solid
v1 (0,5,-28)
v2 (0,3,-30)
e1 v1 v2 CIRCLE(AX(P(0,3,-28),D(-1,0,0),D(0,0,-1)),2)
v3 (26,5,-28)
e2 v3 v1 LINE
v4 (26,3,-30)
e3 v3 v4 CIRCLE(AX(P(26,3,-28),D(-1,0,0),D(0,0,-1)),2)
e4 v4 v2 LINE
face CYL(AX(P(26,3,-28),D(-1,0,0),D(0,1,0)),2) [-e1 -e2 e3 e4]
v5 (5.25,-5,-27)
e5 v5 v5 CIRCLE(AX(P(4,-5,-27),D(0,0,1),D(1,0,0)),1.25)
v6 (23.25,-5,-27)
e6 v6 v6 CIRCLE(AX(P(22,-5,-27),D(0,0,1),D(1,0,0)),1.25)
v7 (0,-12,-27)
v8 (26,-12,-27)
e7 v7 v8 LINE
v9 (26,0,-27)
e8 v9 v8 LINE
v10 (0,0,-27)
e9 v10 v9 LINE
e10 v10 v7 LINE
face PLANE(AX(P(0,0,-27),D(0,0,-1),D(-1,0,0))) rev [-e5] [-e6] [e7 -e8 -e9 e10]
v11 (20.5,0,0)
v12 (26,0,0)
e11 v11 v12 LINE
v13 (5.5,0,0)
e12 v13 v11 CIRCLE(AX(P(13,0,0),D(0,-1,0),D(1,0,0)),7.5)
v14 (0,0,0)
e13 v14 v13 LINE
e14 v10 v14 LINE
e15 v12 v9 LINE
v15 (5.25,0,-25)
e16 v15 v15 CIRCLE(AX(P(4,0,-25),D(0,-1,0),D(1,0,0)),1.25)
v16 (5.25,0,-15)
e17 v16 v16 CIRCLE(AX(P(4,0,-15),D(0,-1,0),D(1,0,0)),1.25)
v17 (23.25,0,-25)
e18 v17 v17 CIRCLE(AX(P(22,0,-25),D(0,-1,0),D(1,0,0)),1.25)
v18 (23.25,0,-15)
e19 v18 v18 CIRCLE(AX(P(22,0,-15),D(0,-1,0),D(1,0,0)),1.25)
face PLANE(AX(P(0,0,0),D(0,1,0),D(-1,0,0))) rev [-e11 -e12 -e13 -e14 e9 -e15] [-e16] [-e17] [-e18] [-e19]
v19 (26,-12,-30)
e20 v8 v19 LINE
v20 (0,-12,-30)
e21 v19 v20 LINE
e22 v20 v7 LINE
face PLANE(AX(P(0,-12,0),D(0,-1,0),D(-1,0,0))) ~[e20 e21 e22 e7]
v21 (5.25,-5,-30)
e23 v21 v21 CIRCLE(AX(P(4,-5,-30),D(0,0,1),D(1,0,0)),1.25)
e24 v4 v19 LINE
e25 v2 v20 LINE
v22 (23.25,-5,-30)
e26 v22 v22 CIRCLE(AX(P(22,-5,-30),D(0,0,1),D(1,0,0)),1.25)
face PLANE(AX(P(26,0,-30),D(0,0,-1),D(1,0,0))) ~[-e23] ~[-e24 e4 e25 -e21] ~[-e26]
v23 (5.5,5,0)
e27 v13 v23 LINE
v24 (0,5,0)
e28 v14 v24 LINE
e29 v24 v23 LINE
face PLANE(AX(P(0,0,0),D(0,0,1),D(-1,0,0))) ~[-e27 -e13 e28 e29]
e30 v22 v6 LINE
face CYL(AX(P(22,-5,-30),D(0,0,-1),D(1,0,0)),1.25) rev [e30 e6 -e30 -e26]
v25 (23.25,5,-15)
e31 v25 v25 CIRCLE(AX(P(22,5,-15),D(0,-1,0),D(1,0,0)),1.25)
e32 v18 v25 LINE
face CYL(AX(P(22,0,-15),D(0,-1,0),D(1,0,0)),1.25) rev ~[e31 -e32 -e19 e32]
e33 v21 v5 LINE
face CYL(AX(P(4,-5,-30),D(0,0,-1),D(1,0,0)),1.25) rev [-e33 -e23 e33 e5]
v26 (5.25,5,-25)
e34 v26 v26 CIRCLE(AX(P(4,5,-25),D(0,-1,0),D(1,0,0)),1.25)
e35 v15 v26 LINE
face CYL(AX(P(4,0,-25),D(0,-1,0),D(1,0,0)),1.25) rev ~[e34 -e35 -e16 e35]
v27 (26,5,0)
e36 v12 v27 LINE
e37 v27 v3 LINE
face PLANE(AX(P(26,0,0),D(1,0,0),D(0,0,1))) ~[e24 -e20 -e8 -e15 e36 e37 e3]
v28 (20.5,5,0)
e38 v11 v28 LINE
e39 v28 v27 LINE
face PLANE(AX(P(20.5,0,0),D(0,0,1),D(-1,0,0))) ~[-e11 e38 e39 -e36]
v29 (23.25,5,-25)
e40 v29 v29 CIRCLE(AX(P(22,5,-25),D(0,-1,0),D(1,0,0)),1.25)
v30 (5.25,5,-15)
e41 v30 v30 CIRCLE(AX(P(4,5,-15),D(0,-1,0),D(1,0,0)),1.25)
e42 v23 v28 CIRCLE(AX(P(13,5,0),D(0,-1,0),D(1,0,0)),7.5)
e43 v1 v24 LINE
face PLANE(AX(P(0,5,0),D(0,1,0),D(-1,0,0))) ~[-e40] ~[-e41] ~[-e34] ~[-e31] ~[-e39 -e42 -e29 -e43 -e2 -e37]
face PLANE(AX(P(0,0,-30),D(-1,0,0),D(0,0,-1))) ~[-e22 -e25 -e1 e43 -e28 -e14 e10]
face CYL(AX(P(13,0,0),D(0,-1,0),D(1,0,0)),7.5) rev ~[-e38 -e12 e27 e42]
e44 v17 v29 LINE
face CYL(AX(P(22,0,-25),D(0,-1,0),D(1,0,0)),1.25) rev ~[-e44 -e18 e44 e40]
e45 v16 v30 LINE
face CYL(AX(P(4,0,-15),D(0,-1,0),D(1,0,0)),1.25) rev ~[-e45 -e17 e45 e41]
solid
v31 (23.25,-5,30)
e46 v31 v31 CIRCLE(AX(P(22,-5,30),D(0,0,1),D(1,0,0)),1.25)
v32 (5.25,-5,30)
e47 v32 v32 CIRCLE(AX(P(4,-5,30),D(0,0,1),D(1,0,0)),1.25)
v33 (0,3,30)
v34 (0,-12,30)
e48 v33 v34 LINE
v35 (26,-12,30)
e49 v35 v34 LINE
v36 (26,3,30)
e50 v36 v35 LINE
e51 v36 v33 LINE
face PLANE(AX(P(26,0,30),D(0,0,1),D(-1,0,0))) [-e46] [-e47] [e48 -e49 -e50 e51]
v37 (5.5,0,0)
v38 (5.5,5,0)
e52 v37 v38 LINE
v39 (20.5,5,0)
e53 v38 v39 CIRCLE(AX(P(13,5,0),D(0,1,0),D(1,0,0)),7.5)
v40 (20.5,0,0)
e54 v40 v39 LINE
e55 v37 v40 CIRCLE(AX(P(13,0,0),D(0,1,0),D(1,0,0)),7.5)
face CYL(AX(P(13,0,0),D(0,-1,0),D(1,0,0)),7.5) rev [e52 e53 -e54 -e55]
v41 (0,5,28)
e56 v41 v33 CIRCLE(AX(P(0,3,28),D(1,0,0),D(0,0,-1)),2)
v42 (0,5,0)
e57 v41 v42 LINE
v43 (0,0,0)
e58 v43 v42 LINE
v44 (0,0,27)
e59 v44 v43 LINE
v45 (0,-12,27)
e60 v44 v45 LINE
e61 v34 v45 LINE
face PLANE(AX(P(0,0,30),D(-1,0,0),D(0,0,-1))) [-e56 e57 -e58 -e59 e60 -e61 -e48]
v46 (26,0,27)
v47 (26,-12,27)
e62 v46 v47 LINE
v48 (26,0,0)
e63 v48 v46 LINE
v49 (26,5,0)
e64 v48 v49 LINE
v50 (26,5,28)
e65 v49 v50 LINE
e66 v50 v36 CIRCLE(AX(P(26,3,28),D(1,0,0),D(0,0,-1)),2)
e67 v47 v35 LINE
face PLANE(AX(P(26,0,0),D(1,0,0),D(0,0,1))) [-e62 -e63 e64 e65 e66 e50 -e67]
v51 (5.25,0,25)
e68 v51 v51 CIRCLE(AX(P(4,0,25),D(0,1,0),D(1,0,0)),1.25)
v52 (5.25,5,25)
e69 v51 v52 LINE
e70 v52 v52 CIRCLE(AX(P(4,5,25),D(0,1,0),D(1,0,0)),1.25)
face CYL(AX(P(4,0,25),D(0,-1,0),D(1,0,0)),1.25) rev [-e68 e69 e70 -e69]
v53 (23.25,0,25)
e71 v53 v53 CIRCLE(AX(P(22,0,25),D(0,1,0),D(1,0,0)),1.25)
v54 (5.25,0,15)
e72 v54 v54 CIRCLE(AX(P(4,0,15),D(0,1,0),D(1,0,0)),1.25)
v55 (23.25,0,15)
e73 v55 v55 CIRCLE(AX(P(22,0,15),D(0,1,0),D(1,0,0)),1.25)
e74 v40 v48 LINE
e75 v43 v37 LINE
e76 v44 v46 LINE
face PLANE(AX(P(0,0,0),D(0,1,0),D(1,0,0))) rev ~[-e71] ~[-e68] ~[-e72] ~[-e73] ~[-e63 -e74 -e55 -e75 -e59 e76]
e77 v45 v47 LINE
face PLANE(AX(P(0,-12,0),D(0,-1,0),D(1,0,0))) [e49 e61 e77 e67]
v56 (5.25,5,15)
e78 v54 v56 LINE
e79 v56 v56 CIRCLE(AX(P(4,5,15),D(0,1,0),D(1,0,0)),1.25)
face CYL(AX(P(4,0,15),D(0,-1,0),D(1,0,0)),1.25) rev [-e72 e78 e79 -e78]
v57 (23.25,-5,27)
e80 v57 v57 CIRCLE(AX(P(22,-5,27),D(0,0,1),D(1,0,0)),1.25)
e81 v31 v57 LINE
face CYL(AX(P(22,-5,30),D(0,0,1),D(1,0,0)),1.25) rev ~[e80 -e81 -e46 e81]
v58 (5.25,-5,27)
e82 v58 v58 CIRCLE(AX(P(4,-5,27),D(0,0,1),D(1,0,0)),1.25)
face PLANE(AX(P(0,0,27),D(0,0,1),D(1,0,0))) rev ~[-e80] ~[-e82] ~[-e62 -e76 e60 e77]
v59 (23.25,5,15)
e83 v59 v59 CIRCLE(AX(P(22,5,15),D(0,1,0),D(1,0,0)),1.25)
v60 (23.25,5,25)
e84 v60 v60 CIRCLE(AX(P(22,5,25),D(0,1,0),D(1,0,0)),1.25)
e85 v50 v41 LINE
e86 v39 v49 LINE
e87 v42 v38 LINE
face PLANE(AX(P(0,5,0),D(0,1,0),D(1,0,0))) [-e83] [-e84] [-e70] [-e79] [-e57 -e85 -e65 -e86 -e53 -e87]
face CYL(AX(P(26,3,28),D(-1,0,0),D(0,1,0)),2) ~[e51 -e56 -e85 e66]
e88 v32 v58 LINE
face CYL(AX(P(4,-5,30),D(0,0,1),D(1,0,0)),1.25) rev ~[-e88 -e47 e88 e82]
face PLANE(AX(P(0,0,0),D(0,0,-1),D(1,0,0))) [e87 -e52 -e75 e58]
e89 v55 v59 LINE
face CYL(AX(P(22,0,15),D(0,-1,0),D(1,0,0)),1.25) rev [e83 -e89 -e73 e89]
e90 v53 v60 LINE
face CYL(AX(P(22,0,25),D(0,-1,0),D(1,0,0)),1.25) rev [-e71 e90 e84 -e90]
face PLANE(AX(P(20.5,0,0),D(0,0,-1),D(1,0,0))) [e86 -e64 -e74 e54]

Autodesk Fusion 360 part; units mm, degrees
sketch "Sketch1" plane through (0, 0, 0) normal (0, 1, 0) x (1, 0, 0)
  line L0 (0, 0) -> (26, 0)
  line L1 (26, 0) -> (26, -30)
  line L2 (26, -30) -> (0, -30)
  line L3 (0, -30) -> (0, 0)
  circle A0 centre (13, 0) radius 7.5
  circle A1 centre (22, -15) radius 1.25
  circle A2 centre (22, -25) radius 1.25
  circle A3 centre (4, -15) radius 1.25
  circle A4 centre (4, -25) radius 1.25
  dimension "d16" = 26
  dimension "d17" = 30
  dimension "d18" = 15
  dimension "d19" = 2.5
  dimension "d20" = 2.5
  dimension "d21" = 2.5
  dimension "d22" = 2.5
  dimension "d23" = 5
  dimension "d24" = 10
  dimension "d25" = 5
  dimension "d26" = 10
  dimension "d27" = 4
  dimension "d28" = 4
  dimension "d29" = 4
  dimension "d30" = 4
extrude "Extrude1" add sketch "Sketch1" along normal blind 5 contours L0 L1 L2 L3 A0 makes body 1
sketch "Sketch2" plane through (0, 0, 0) normal (0, -1, 0) x (1, 0, 0)
  circle A0 centre (4, 15) radius 1.25
  circle A1 centre (22, 25) radius 1.25
  circle A2 centre (4, 25) radius 1.25
  circle A3 centre (22, 15) radius 1.25
  line L0 (0, 30) -> (0, 0)
  line L1 (0, 0) -> (5.5, 0)
  arc A4 (20.5, 0) -> (5.5, 0) centre (13, 0) ccw
  line L2 (20.5, 0) -> (26, 0)
  line L3 (26, 0) -> (26, 30)
  line L4 (26, 30) -> (0, 30)
  line L5 (26, 30) -> (0, 30)
  line L6 (0, 30) -> (0, 27)
  line L7 (0, 27) -> (26, 27)
  line L8 (26, 27) -> (26, 30)
extrude "Extrude2" add sketch "Sketch2" along normal blind 12 contours L0 L3 L4 L5 L6 L7 L8 bodies 1
sketch "Sketch3" plane through (0, 0, 30) normal (0, 0, 1) x (1, 0, 0)
  line L0 (26, -12) -> (26, 5)
  line L1 (26, 5) -> (0, 5)
  line L2 (0, 5) -> (0, -12)
  line L3 (0, -12) -> (26, -12)
  circle A0 centre (4, -5) radius 1.25
  circle A1 centre (22, -5) radius 1.25
  dimension "d35" = 2.5
  dimension "d36" = 2.5
  dimension "d37" = 4
  dimension "d38" = 4
  dimension "d39" = 10
  dimension "d40" = 10
extrude "Extrude3" cut sketch "Sketch3" against normal blind 6 contours A0 | A1 bodies 1
ref_plane "WorkPlane1" through (26, 0, 0) normal (0, 0, -1) x (-1, 0, 0)
mirror "Mirror1" about plane through (26, 0, 0) normal (0, 0, -1) of bodies 1 makes body 2
fillet "Fillet1" radius 2 1 edges at (13, 5, -30) on bodies 2
fillet "Fillet2" radius 2 1 edges at (13, 5, 30) on bodies 1
